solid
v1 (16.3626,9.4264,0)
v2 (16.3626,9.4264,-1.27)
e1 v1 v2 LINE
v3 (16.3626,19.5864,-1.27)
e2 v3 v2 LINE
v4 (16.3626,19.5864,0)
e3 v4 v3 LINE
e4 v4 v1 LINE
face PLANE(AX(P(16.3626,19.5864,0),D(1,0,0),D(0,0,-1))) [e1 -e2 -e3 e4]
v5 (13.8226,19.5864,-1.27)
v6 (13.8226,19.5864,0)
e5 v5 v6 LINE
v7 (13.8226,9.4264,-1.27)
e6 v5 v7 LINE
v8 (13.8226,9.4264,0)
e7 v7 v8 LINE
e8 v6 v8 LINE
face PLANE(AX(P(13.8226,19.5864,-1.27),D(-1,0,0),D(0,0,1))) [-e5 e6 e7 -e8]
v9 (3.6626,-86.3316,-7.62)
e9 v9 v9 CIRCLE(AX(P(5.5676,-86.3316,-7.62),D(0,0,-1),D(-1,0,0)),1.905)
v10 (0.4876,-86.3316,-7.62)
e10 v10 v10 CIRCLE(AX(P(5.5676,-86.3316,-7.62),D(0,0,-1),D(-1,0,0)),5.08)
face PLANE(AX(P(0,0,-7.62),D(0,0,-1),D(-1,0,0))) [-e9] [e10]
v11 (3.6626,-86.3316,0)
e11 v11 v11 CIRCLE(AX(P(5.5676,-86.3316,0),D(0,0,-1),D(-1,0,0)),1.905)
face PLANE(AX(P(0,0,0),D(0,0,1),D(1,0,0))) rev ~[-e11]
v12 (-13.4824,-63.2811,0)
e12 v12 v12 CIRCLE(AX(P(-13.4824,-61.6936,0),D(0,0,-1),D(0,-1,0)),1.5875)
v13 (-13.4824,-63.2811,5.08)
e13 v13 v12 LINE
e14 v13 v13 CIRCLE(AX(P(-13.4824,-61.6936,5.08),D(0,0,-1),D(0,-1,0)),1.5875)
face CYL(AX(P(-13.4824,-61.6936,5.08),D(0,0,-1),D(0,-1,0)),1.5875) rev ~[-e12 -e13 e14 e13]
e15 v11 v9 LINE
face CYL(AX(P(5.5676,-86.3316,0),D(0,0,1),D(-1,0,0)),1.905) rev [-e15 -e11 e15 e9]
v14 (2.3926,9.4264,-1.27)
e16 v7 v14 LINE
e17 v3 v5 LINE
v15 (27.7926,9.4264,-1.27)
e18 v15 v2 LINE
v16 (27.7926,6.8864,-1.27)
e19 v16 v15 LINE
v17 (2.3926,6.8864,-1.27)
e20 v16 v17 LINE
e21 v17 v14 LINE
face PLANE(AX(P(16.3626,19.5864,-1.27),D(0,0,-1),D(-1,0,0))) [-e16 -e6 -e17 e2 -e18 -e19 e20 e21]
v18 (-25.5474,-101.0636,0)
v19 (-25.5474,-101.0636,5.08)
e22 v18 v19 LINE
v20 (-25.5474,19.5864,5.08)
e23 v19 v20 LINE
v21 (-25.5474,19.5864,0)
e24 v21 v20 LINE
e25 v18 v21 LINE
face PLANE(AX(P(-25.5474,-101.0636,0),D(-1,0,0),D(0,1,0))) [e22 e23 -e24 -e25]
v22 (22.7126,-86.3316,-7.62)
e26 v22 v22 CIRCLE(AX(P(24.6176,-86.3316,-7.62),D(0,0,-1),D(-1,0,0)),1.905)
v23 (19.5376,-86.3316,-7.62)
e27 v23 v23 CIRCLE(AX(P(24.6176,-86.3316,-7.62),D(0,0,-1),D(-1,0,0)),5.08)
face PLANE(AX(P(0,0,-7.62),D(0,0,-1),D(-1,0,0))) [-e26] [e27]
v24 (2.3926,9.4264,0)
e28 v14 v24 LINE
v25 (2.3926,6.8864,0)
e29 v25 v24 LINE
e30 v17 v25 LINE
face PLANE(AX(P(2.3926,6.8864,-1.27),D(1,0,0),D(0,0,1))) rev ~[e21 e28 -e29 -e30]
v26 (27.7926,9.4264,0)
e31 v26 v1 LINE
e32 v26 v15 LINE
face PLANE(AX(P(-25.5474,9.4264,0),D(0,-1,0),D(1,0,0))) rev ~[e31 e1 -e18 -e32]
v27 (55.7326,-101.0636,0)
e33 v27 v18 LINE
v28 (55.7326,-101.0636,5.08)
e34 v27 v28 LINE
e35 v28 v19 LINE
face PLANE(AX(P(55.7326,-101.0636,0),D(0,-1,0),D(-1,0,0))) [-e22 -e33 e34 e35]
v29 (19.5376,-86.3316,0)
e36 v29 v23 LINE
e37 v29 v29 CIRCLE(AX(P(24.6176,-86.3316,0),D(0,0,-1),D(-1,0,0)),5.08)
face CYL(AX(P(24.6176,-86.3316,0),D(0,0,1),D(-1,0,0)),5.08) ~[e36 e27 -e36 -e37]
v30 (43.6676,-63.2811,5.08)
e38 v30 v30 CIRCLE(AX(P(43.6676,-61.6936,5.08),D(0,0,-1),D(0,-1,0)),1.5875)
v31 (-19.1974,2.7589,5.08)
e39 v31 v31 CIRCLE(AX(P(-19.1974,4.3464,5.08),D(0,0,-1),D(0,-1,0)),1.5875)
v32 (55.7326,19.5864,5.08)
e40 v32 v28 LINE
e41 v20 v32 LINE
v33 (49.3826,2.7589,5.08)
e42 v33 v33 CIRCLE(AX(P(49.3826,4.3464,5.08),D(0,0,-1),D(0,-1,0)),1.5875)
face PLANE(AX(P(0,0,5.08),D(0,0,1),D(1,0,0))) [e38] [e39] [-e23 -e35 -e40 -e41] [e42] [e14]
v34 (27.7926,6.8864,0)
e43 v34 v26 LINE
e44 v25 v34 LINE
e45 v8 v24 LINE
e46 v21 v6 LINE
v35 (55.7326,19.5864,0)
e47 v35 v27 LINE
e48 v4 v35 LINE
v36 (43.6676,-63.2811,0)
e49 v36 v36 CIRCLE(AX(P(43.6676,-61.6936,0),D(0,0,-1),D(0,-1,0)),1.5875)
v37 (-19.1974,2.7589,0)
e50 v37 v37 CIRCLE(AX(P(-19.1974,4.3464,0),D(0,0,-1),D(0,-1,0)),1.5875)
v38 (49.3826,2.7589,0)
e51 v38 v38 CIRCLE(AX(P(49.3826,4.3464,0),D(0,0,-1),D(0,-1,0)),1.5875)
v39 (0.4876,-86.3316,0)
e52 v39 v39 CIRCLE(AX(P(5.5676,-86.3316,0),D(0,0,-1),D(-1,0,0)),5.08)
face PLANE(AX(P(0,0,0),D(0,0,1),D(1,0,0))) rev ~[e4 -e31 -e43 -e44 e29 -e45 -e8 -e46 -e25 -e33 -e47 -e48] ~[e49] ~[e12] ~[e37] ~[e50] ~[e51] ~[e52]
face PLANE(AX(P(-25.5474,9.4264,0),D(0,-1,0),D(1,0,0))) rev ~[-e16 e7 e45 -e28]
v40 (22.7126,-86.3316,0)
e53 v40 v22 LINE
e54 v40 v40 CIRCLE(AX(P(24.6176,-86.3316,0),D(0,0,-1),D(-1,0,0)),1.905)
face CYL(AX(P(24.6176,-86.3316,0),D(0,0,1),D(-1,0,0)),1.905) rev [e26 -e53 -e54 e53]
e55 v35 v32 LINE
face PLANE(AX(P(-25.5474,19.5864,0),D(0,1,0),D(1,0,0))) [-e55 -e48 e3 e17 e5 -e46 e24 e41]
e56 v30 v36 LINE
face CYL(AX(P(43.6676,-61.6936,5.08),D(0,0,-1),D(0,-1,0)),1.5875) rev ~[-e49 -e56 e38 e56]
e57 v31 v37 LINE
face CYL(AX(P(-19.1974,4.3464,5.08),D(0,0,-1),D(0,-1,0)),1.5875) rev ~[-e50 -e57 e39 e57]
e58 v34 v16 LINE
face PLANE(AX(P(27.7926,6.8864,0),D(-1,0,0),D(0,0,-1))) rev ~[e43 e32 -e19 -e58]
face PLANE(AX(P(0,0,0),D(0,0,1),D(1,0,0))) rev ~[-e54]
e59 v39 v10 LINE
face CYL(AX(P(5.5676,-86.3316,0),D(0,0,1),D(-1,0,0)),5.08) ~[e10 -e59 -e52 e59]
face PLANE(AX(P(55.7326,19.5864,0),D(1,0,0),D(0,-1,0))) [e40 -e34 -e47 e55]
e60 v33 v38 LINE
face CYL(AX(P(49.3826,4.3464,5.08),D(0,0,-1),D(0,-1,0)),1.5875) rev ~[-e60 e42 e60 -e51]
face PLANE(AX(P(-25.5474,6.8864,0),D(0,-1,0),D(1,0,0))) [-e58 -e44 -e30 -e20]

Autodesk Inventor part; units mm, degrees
ref_plane "YZ Plane" through (0, 0, 0) normal (1, 0, 0) x (0, 1, 0)
ref_plane "XZ Plane" through (0, 0, 0) normal (0, 1, 0) x (-1, 0, 0)
ref_plane "XY Plane" through (0, 0, 0) normal (0, 0, 1) x (1, 0, 0)
sketch "Sketch1" plane through (0, 0, 0) normal (0, 0, 1) x (1, 0, 0)
  line L0 (-25.5474, 19.5864) -> (55.7326, 19.5864)
  line L1 (55.7326, 19.5864) -> (55.7326, -101.0636)
  line L2 (55.7326, -101.0636) -> (-25.5474, -101.0636)
  line L3 (-25.5474, -101.0636) -> (-25.5474, 19.5864)
  dimension "d0" = 81.28
  dimension "d1" = 120.65
extrude "Extrusion1" add sketch "Sketch1" along normal blind 5.08
sketch "Sketch2" plane through (0, 0, 5.08) normal (0, 0, 1) x (1, 0, 0)
  line L0 (55.7326, 19.5864) -> (55.7326, -101.0636) projected
  line L1 (-25.5474, 19.5864) -> (55.7326, 19.5864) projected
  line L2 (-25.5474, -101.0636) -> (-25.5474, 19.5864) projected
  line L3 (55.7326, -101.0636) -> (-25.5474, -101.0636) projected
  line L4 (-19.1974, 4.3464) -> (49.3826, 4.3464)
  line L5 (49.3826, 4.3464) -> (43.6676, -61.6936)
  line L6 (43.6676, -61.6936) -> (-13.4824, -61.6936)
  line L7 (-13.4824, -61.6936) -> (-19.1974, 4.3464)
  circle A0 centre (15.0926, 4.3464) radius 40.64 construction
  circle A1 centre (15.0926, 4.3464) radius 34.29 construction
  circle A2 centre (15.0926, -61.6936) radius 28.575 construction
  dimension "d4" = 57.15
  dimension "d5" = 68.58
  dimension "d6" = 15.24
  dimension "d7" = 66.04
hole "Hole1" at (-19.1974, 4.3464, 5.08) at (49.3826, 4.3464, 5.08) at (43.6676, -61.6936, 5.08) at (-13.4824, -61.6936, 5.08) direction (0, 0, -1) diameter 3.175 end through all
sketch "Sketch3" plane through (-25.5474, 19.5864, 0) normal (0, 1, 0) x (1, 0, 0)
  line L0 (0, -5.08) -> (81.28, -5.08) projected
  line L1 (81.28, 0) -> (81.28, -5.08) projected
  line L2 (0, 0) -> (81.28, 0) projected
  line L3 (0, 0) -> (0, -5.08) projected
sketch "Sketch4" plane through (-25.5474, 19.5864, 0) normal (0, 1, 0) x (1, 0, 0)
  line L0 (81.28, 0) -> (81.28, -5.08) projected
  line L1 (0, 0) -> (81.28, 0) projected
  line L2 (0, 0) -> (0, -5.08) projected
  line L3 (39.37, 0) -> (41.91, 0)
  line L4 (41.91, 0) -> (41.91, 1.27)
  line L5 (41.91, 1.27) -> (39.37, 1.27)
  line L6 (39.37, 1.27) -> (39.37, 0)
  circle A0 centre (40.64, 0.4048) radius 1.27 construction
  circle A1 centre (40.64, 0.4048) radius 40.64 construction
  dimension "d15" = 2.54
  dimension "d16" = 1.27
extrude "Extrusion2" add sketch "Sketch4" against normal blind 12.7
sketch "Sketch5" plane through (-25.5474, 6.8864, 0) normal (0, -1, 0) x (1, 0, 0)
  line L0 (41.91, 0) -> (41.91, -1.27) projected
  line L1 (39.37, 0) -> (41.91, 0) projected
  line L2 (39.37, -1.27) -> (39.37, 0) projected
  line L3 (41.91, -1.27) -> (39.37, -1.27) projected
  line L4 (27.94, 0) -> (53.34, 0)
  line L5 (53.34, 0) -> (53.34, -1.27)
  line L6 (53.34, -1.27) -> (27.94, -1.27)
  line L7 (27.94, -1.27) -> (27.94, 0)
  circle A0 centre (40.64, -8.0178) radius 1.27 construction
  circle A1 centre (40.64, -8.0178) radius 12.7 construction
  dimension "d19" = 25.4
extrude "Extrusion3" add sketch "Sketch5" against normal blind 2.54
sketch "Sketch7" plane through (0, 0, 0) normal (0, 0, -1) x (-1, 0, 0)
  line L0 (-55.7326, 19.5864) -> (-55.7326, -101.0636) projected
  line L1 (25.5474, -101.0636) -> (25.5474, 19.5864) projected
  circle A0 centre (13.4824, -61.6936) radius 1.5875 projected
  circle A1 centre (-5.5676, -86.3316) radius 5.08
  circle A2 centre (-5.5676, -86.3316) radius 1.905
  circle A3 centre (-24.6176, -86.3316) radius 5.08
  circle A4 centre (-24.6176, -86.3316) radius 1.905
  circle A5 centre (-15.0926, -74.2033) radius 15.4215 construction
  circle A6 centre (-15.0926, -74.2033) radius 40.64 construction
  dimension "d26" = 19.05
  dimension "d27" = 24.638
  dimension "d28" = 3.81
  dimension "d29" = 10.16
extrude "Extrusion5" add sketch "Sketch7" along normal blind 7.62 contours A1 | A3
properties part number "baseplate"
